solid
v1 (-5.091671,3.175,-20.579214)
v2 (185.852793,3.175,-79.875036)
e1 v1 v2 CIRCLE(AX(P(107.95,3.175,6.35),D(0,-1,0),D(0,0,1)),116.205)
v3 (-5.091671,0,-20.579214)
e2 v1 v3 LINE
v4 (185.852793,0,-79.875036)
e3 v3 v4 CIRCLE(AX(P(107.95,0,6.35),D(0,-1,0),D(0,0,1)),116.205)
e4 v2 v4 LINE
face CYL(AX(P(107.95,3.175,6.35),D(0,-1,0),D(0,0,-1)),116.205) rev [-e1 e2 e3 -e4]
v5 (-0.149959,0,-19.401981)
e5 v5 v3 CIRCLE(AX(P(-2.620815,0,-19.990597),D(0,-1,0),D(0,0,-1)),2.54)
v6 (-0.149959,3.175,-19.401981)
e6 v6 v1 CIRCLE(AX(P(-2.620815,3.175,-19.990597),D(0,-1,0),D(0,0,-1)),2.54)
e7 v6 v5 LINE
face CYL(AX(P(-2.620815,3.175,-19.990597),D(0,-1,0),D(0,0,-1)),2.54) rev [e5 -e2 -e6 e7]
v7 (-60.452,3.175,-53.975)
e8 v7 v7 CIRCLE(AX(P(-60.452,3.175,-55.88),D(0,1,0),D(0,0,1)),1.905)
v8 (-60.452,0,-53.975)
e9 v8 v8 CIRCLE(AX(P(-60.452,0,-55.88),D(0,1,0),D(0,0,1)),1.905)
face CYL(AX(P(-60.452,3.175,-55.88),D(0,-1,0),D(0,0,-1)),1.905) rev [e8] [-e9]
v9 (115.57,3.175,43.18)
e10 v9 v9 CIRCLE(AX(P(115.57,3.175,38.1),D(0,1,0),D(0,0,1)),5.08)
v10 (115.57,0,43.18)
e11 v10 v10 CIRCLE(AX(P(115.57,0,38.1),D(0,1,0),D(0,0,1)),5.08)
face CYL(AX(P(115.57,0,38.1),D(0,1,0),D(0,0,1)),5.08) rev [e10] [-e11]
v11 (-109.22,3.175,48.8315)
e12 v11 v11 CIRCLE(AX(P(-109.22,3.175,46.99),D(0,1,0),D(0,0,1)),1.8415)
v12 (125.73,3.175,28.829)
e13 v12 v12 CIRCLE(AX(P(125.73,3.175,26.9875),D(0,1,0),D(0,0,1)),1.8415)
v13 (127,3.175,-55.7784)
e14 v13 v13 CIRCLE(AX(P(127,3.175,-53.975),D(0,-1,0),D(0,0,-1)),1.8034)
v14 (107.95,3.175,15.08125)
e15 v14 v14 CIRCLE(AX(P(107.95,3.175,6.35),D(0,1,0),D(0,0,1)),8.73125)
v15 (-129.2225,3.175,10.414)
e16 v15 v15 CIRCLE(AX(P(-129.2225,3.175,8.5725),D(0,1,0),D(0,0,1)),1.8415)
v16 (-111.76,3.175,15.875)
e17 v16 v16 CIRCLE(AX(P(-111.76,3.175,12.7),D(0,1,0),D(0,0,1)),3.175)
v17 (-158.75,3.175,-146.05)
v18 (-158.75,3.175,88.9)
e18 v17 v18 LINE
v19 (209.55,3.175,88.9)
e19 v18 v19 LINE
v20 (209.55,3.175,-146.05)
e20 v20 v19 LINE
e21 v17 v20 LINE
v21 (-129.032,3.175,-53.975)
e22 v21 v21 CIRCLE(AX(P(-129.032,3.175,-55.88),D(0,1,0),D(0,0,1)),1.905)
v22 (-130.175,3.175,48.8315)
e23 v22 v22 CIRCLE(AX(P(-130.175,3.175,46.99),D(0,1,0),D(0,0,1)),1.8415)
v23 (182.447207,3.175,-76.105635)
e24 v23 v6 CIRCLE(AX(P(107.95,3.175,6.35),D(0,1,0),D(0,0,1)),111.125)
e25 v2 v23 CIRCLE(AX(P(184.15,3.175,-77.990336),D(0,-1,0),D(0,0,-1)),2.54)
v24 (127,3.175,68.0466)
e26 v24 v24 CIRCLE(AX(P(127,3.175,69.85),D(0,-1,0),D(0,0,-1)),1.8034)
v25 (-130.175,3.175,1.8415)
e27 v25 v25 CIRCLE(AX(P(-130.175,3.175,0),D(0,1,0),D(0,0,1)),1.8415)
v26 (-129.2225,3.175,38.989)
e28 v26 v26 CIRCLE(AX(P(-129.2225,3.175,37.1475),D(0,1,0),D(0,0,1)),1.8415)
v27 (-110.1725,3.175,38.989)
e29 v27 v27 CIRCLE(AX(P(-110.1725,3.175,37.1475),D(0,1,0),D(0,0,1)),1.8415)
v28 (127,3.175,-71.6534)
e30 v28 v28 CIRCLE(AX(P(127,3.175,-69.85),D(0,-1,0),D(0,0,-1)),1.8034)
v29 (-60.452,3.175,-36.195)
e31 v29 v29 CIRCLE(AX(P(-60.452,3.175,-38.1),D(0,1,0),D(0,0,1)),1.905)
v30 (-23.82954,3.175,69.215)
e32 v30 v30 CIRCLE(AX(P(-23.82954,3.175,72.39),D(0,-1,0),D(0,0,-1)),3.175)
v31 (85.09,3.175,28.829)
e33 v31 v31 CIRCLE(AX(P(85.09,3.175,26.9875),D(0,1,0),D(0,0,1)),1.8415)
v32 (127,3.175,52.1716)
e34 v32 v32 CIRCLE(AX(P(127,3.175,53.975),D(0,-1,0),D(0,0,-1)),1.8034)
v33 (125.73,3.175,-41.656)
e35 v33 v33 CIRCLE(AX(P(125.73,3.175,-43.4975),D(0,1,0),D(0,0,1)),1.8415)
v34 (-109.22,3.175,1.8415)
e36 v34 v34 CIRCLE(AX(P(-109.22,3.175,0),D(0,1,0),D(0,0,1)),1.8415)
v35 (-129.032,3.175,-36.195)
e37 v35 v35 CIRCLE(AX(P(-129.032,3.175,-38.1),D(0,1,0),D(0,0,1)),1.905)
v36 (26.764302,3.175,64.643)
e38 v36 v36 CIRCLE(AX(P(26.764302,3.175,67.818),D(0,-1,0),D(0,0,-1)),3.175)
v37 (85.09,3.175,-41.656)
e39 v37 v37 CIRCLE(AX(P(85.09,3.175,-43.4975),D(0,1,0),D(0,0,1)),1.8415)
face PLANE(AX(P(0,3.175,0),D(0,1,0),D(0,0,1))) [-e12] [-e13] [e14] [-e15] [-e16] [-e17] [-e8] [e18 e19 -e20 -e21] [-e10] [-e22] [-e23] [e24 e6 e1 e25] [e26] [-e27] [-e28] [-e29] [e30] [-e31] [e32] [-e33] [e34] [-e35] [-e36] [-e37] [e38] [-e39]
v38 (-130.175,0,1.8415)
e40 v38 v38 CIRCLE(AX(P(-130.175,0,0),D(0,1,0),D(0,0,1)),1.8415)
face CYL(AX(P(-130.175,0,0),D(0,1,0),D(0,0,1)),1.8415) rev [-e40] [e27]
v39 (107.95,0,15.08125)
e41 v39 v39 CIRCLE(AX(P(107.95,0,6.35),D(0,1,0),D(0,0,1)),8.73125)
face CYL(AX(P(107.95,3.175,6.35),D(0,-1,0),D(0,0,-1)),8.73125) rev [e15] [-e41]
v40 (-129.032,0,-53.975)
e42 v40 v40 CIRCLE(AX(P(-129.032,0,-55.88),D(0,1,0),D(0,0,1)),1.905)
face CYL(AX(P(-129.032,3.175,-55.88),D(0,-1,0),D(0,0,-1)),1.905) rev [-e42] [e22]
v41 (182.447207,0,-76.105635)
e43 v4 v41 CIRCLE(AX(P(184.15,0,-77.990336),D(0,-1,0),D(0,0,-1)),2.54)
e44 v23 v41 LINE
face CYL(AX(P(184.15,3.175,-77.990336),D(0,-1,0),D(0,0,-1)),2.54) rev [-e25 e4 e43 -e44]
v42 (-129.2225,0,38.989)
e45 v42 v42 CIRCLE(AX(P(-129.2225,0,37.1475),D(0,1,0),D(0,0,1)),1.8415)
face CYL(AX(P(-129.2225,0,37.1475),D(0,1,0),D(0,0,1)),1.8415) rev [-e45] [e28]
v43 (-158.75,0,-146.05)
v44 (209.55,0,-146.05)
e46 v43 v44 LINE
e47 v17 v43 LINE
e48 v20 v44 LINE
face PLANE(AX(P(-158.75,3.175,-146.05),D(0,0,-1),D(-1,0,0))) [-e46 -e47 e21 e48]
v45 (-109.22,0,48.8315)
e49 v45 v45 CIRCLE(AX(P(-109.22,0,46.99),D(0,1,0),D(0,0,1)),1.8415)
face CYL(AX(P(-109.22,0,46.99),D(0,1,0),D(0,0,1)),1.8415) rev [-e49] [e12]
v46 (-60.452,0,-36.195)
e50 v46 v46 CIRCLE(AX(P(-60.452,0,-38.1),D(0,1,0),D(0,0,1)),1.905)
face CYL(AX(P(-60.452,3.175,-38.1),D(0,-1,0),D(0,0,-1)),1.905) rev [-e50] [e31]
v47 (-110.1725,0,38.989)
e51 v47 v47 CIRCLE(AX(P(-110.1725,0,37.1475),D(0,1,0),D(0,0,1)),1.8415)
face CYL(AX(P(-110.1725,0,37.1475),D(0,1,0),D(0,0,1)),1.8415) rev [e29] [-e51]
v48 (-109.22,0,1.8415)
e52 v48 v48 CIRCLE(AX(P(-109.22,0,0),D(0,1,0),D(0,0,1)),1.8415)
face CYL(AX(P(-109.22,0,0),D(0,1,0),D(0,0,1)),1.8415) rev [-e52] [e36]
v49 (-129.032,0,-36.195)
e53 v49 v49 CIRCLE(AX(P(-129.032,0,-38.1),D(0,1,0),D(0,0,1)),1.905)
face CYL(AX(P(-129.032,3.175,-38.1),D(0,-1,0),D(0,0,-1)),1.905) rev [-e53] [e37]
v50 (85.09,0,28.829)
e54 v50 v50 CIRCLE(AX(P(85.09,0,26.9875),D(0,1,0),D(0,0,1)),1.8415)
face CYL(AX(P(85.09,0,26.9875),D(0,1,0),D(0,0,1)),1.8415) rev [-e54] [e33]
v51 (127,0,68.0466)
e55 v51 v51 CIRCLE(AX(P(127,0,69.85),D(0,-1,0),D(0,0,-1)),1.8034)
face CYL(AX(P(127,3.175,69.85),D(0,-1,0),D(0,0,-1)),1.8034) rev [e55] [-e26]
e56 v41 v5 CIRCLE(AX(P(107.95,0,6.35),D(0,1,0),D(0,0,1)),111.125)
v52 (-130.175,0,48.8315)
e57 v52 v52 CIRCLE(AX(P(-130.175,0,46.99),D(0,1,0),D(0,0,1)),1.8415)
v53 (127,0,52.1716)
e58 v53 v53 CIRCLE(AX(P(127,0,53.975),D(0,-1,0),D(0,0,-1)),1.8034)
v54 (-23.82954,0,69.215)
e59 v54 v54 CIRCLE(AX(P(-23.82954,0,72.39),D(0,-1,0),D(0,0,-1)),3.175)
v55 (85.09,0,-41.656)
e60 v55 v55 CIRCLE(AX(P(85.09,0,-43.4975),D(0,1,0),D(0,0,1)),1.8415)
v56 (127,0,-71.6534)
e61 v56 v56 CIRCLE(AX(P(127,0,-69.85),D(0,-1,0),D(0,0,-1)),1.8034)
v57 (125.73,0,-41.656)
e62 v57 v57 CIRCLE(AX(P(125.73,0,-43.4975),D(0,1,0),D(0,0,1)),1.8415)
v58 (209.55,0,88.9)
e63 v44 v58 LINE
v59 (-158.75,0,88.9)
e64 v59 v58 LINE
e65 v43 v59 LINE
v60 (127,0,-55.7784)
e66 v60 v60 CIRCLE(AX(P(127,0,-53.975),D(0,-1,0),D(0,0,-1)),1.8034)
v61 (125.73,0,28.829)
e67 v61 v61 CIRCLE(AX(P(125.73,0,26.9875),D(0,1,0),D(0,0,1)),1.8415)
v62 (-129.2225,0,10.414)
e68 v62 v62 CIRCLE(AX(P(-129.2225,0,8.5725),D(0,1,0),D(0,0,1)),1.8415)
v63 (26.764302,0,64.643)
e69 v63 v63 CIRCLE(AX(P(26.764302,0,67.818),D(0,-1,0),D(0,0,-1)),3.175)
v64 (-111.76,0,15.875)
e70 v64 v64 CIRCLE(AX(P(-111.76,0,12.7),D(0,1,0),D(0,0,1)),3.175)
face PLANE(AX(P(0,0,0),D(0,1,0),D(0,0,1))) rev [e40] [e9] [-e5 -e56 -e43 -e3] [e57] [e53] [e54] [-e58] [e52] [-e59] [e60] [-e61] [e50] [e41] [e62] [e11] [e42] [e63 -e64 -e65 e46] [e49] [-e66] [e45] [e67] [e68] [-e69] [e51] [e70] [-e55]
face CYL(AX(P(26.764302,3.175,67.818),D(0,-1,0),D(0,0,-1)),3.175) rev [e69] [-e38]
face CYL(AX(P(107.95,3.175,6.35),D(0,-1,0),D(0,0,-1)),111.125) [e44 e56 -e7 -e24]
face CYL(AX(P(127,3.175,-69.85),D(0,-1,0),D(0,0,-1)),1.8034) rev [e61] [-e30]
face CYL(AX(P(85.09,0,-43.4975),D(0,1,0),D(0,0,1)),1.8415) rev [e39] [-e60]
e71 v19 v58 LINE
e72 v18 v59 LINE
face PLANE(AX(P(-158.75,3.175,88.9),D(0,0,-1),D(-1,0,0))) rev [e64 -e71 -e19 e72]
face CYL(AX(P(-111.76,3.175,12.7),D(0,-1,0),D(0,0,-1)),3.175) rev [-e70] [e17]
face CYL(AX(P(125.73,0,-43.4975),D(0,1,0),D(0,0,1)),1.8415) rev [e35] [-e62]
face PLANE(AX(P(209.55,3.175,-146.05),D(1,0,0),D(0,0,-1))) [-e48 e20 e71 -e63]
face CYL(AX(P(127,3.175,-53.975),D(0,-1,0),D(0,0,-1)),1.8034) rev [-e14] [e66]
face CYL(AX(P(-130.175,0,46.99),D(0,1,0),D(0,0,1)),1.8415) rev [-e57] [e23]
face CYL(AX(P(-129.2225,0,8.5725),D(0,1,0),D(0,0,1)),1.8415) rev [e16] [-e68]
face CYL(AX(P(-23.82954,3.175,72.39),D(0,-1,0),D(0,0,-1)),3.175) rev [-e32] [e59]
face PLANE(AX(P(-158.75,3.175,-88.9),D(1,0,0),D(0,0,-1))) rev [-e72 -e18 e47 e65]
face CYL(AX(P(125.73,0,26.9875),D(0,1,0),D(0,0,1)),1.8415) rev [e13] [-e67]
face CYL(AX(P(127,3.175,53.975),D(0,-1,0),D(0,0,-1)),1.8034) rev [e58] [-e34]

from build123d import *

# Parameters (mm, degrees)
SKETCH1_W           = 317.5
SKETCH1_H           = 177.8
SKETCH1_R           = 3.175
SKETCH1_R_2         = 8.73125
SKETCH1_R_3         = 1.905
BOSS_EXTRUDE1_DEPTH = 3.175
SKETCH3_R           = 3.175
CUT_EXTRUDE2_DEPTH  = 182.974869488
SKETCH4_W           = 25.4
SKETCH4_H           = 177.8
CUT_EXTRUDE3_DEPTH  = 182.974869488
SKETCH5_R           = 5.08
CUT_EXTRUDE4_DEPTH  = 182.974869488
SKETCH6_R           = 1.8034
CUT_EXTRUDE5_DEPTH  = 182.974869488
SKETCH7_R           = 1.8415
CUT_EXTRUDE6_DEPTH  = 182.974869488
BOSS_EXTRUDE2_DEPTH = 3.175
CUT_EXTRUDE7_DEPTH  = 256.444486386


with BuildPart() as part:
    # Sketch1 → Boss-Extrude1 (new body)
    with BuildSketch(Plane(origin=(0, 0, 0), x_dir=(1, 0, 0), z_dir=(0, 1, 0))):
        Rectangle(SKETCH1_W, SKETCH1_H)
        with Locations(Location((-111.76, -12.7, 0), (0, 0, 270))):
            Circle(SKETCH1_R, mode=Mode.SUBTRACT)
        with Locations(Location((107.95, -6.35, 0), (0, 0, 270))):
            Circle(SKETCH1_R_2, mode=Mode.SUBTRACT)
        with Locations(Location((-129.032, 55.88, 0), (0, 0, 270))):
            Circle(SKETCH1_R_3, mode=Mode.SUBTRACT)
        with Locations(Location((-60.452, 55.88, 0), (0, 0, 270))):
            Circle(SKETCH1_R_3, mode=Mode.SUBTRACT)
        with Locations(Location((-129.032, 38.1, 0), (0, 0, 270))):
            Circle(SKETCH1_R_3, mode=Mode.SUBTRACT)
        with Locations(Location((-60.452, 38.1, 0), (0, 0, 270))):
            Circle(SKETCH1_R_3, mode=Mode.SUBTRACT)
    extrude(amount=BOSS_EXTRUDE1_DEPTH)

    # Sketch3 → Cut-Extrude2 (cut, through all)
    with BuildSketch(Plane(origin=(0, 0, 0), x_dir=(-1, 0, 0), z_dir=(0, -1, 0))):
        with Locations(Location((23.829539609, -72.39, 0), (0, 0, 90))):
            Circle(SKETCH3_R)
        with Locations(Location((-26.764302072, -67.818, 0), (0, 0, 90))):
            Circle(SKETCH3_R)
    extrude(amount=-CUT_EXTRUDE2_DEPTH, mode=Mode.SUBTRACT)

    # Sketch4 → Cut-Extrude3 (cut, through all)
    with BuildSketch(Plane(origin=(0, 3.175, 0), x_dir=(1, 0, 0), z_dir=(0, 1, 0))):
        with Locations((146.05, 0)):
            Rectangle(SKETCH4_W, SKETCH4_H)
    extrude(amount=-CUT_EXTRUDE3_DEPTH, mode=Mode.SUBTRACT)

    # Sketch5 → Cut-Extrude4 (cut, through all)
    with BuildSketch(Plane(origin=(0, 3.175, 0), x_dir=(1, 0, 0), z_dir=(0, 1, 0))):
        with Locations(Location((115.57, -38.1, 0), (0, 0, 270))):
            Circle(SKETCH5_R)
    extrude(amount=-CUT_EXTRUDE4_DEPTH, mode=Mode.SUBTRACT)

    # Sketch6 → Cut-Extrude5 (cut, through all)
    with BuildSketch(Plane.XZ):
        with Locations(Location((127, 69.85, 0), (0, 0, 270))):
            Circle(SKETCH6_R)
        with Locations(Location((127, 53.975, 0), (0, 0, 270))):
            Circle(SKETCH6_R)
        with Locations(Location((127, -53.975, 0), (0, 0, 270))):
            Circle(SKETCH6_R)
        with Locations(Location((127, -69.85, 0), (0, 0, 270))):
            Circle(SKETCH6_R)
    extrude(amount=-CUT_EXTRUDE5_DEPTH, mode=Mode.SUBTRACT)

    # Sketch7 → Cut-Extrude6 (cut, through all)
    with BuildSketch(Plane(origin=(0, 3.175, 0), x_dir=(1, 0, 0), z_dir=(0, 1, 0))):
        with Locations(Location((125.73, 43.4975, 0), (0, 0, 270))):
            Circle(SKETCH7_R)
        with Locations(Location((85.09, 43.4975, 0), (0, 0, 270))):
            Circle(SKETCH7_R)
        with Locations(Location((85.09, -26.9875, 0), (0, 0, 270))):
            Circle(SKETCH7_R)
        with Locations(Location((125.73, -26.9875, 0), (0, 0, 270))):
            Circle(SKETCH7_R)
        with Locations(Location((-130.175, -46.99, 0), (0, 0, 270))):
            Circle(SKETCH7_R)
        with Locations(Location((-109.22, -46.99, 0), (0, 0, 270))):
            Circle(SKETCH7_R)
        with Locations(Location((-129.2225, -37.1475, 0), (0, 0, 270))):
            Circle(SKETCH7_R)
        with Locations(Location((-110.1725, -37.1475, 0), (0, 0, 270))):
            Circle(SKETCH7_R)
        with Locations(Location((-129.2225, -8.5725, 0), (0, 0, 270))):
            Circle(SKETCH7_R)
        with Locations(Location((-130.175, 0, 0), (0, 0, 270))):
            Circle(SKETCH7_R)
        with Locations(Location((-109.22, 0, 0), (0, 0, 270))):
            Circle(SKETCH7_R)
    extrude(amount=-CUT_EXTRUDE6_DEPTH, mode=Mode.SUBTRACT)

    # Sketch8 → Boss-Extrude2 (add, through all)
    with BuildSketch(Plane.XZ):
        Polygon((133.35, 88.9), (133.35, -88.9), (-158.75, -88.9), (-158.75, -146.05), (209.55, -146.05), (209.55, 88.9), align=None)
    extrude(amount=-BOSS_EXTRUDE2_DEPTH)

    # Sketch9 → Cut-Extrude7 (cut, through all)
    with BuildSketch(Plane.XZ):
        with BuildLine():
            ThreePointArc((185.852793296, -79.875035933), (186.034700239, -76.287542398), (182.447206704, -76.105635455))
            ThreePointArc((182.447206704, -76.105635455), (74.993781285, -99.775648516), (-0.149958886, -19.401980777))
            ThreePointArc((-0.149958886, -19.401980777), (-3.209431792, -17.519741277), (-5.091671292, -20.579214184))
            ThreePointArc((-5.091671292, -20.579214184), (73.487211286, -104.627106734), (185.852793296, -79.875035933))
        make_face()
    extrude(amount=-CUT_EXTRUDE7_DEPTH, mode=Mode.SUBTRACT)


solid = part.part
